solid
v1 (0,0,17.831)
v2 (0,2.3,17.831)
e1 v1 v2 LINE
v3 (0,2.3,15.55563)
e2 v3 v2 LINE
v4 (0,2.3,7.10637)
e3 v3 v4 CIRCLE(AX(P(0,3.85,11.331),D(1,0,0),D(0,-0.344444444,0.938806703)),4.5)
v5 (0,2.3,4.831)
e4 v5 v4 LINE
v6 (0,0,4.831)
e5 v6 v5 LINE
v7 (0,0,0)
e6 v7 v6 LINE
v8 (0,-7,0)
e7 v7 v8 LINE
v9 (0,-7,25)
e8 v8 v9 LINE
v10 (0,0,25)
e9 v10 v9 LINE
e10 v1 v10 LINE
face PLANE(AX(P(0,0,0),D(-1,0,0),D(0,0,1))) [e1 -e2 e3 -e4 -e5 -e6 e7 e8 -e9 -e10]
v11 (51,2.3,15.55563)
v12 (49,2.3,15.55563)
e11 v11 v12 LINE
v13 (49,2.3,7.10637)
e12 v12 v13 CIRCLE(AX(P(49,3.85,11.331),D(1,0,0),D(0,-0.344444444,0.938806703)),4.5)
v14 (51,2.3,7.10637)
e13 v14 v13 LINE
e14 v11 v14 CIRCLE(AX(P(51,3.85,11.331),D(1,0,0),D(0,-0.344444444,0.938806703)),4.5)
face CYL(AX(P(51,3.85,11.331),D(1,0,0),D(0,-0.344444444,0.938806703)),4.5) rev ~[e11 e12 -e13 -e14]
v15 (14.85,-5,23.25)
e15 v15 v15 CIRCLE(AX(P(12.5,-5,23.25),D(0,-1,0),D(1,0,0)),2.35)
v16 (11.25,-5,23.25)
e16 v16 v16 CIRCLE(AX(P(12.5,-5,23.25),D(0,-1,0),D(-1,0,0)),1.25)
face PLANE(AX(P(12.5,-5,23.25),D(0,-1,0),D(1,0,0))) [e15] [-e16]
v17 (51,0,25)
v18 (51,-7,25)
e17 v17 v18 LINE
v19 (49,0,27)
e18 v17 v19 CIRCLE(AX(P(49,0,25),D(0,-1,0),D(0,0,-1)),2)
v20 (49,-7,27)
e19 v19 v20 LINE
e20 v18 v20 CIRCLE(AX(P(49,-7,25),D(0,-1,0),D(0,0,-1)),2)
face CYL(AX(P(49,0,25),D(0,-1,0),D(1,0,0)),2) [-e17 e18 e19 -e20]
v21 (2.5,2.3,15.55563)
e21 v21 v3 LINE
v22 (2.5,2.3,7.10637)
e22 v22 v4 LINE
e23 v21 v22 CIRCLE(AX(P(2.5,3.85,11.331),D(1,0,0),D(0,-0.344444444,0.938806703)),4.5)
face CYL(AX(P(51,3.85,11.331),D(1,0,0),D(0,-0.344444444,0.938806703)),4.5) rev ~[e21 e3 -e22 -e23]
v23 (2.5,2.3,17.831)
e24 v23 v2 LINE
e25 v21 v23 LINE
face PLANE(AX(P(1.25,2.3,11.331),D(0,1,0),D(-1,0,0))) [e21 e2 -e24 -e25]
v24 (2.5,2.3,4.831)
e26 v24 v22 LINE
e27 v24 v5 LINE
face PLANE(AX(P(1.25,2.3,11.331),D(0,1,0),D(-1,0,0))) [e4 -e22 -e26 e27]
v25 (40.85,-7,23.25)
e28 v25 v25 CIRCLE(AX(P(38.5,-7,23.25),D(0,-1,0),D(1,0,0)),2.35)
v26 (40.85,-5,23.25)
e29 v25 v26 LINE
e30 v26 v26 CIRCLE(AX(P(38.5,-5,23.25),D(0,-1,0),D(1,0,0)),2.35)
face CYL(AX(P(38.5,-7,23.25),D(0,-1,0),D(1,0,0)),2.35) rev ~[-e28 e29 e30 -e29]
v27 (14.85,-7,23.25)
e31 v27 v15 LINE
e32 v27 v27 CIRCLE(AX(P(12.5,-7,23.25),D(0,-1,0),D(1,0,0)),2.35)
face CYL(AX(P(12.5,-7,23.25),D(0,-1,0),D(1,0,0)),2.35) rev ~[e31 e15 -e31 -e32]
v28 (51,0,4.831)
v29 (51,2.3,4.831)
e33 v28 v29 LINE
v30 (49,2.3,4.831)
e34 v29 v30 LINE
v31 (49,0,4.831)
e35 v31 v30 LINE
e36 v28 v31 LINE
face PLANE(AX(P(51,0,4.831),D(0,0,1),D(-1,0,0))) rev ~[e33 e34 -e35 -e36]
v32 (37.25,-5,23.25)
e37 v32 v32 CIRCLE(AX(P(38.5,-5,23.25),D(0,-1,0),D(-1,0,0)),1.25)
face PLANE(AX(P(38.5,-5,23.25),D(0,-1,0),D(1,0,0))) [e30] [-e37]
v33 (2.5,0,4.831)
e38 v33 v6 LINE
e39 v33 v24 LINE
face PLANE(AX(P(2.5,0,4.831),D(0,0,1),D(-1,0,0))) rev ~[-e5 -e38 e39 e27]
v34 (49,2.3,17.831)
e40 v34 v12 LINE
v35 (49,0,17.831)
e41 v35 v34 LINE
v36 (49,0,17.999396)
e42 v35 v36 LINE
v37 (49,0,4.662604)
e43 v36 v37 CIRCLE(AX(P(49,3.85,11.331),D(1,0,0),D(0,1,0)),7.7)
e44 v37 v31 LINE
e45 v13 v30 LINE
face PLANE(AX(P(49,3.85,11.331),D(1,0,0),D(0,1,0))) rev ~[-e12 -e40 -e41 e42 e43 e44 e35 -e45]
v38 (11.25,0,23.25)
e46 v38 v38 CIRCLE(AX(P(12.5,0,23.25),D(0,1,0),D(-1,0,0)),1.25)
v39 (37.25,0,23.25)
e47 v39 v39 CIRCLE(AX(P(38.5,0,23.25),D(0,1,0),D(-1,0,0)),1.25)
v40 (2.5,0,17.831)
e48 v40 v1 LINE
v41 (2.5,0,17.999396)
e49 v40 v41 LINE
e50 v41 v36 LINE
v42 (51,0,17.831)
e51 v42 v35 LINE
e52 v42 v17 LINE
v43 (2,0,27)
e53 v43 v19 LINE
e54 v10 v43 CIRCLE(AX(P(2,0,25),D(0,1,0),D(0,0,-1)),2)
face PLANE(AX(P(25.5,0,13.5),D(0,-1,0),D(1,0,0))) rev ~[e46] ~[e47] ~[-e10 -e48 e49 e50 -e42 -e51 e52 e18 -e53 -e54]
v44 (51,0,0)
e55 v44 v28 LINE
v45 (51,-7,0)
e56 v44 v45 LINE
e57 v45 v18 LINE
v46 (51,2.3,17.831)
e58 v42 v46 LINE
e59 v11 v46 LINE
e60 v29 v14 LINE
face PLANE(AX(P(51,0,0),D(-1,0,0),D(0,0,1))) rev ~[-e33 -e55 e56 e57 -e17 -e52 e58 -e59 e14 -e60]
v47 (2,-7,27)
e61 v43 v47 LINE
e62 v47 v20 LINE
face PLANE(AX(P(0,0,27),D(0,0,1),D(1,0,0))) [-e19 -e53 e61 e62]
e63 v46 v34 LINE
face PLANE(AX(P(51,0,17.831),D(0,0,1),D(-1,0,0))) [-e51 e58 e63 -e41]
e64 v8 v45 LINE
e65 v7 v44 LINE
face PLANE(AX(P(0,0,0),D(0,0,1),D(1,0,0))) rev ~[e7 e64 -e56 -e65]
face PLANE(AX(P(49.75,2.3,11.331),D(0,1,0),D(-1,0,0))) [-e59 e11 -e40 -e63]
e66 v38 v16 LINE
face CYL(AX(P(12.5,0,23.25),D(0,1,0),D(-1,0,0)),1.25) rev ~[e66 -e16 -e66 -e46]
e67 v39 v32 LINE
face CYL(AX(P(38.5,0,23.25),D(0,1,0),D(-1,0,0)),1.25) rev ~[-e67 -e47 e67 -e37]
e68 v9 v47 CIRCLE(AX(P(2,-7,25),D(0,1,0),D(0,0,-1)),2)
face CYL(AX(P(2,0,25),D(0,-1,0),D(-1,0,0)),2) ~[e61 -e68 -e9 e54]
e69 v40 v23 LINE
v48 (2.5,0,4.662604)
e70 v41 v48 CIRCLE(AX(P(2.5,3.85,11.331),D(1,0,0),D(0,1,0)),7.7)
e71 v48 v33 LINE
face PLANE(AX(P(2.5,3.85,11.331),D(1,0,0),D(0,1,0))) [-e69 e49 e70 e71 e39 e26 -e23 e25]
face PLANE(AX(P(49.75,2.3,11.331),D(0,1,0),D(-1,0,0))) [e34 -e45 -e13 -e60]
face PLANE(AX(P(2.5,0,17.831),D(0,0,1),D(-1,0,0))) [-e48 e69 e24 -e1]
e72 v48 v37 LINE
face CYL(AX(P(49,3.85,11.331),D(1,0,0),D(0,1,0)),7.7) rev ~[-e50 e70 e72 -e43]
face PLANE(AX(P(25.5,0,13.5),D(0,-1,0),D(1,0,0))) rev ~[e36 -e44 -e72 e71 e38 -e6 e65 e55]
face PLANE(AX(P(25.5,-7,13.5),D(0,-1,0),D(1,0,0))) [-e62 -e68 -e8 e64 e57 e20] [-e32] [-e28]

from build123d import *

# Parameters (mm, degrees)
F0_W      = 51
F0_H      = 27
F1_DEPTH  = 7
F2_W      = 2.5
F2_H      = 13
F3_DEPTH  = 2.3
F5_DEPTH  = 51
F7_R      = 7.7
F8_DEPTH  = 46.5
F9_R      = 1.25
F10_DEPTH = 25
F11_R     = 2.35
F11_R_2   = 1.25
F12_DEPTH = 2
F13_R     = 2


with BuildPart() as f1:
    # F0 (on Front) → F1 (new body)
    with BuildSketch(Plane.XZ):
        with Locations((25.5, 13.5)):
            Rectangle(F0_W, F0_H)
    extrude(amount=F1_DEPTH)

    # F2 (on face) → F3 (join)
    with BuildSketch(Plane(origin=(0, 0, 0), x_dir=(-1, 0, 0), z_dir=(0, 1, 0))):
        with Locations((-49.75, 11.331)):
            Rectangle(F2_W, F2_H)
        with Locations((-1.25, 11.331)):
            Rectangle(F2_W, F2_H)
    extrude(amount=F3_DEPTH)

    # F4 (on face) → F5 (cut, through all)
    with BuildSketch(Plane.YZ.offset(51)):
        with BuildLine():
            Line((2.3, 7.1063698387), (2.3, 15.5556301613))
            ThreePointArc((2.3, 15.5556301613), (-0.65, 11.331), (2.3, 7.1063698387))
        make_face()
        with BuildLine():
            ThreePointArc((2.3, 7.1063698387), (6.4263346056, 7.6414878371), (8.35, 11.331))
            ThreePointArc((8.35, 11.331), (6.4263346056, 15.0205121629), (2.3, 15.5556301613))
            Line((2.3, 15.5556301613), (2.3, 7.1063698387))
        make_face()
    extrude(amount=-F5_DEPTH, mode=Mode.SUBTRACT)

    # F7 (on offset) → F8 (cut, through all)
    with BuildSketch(Plane.YZ.offset(49)):
        with Locations((3.85, 11.331)):
            Circle(F7_R)
    extrude(amount=-F8_DEPTH, mode=Mode.SUBTRACT)

    # F9 (on face) → F10 (cut)
    with BuildSketch(Plane(origin=(0, 0, 0), x_dir=(-1, 0, 0), z_dir=(0, 1, 0))):
        with Locations((-38.5, 23.25)):
            Circle(F9_R)
        with Locations((-12.5, 23.25)):
            Circle(F9_R)
    extrude(amount=-F10_DEPTH, mode=Mode.SUBTRACT)

    # F11 (on face) → F12 (cut)
    with BuildSketch(Plane.XZ.offset(7)):
        with Locations((12.5, 23.25)):
            Circle(F11_R)
        with Locations((12.5, 23.25)):
            Circle(F11_R_2, mode=Mode.SUBTRACT)
        with Locations((38.5, 23.25)):
            Circle(F11_R)
        with Locations((38.5, 23.25)):
            Circle(F11_R_2, mode=Mode.SUBTRACT)
    extrude(amount=-F12_DEPTH, mode=Mode.SUBTRACT)

    # F13
    f13_edges = [f1.edges().sort_by_distance(p)[0] for p in [
        (0, -3.5, 27),
        (51, -3.5, 27),
    ]]
    fillet(f13_edges, radius=F13_R)


solid = f1.part
